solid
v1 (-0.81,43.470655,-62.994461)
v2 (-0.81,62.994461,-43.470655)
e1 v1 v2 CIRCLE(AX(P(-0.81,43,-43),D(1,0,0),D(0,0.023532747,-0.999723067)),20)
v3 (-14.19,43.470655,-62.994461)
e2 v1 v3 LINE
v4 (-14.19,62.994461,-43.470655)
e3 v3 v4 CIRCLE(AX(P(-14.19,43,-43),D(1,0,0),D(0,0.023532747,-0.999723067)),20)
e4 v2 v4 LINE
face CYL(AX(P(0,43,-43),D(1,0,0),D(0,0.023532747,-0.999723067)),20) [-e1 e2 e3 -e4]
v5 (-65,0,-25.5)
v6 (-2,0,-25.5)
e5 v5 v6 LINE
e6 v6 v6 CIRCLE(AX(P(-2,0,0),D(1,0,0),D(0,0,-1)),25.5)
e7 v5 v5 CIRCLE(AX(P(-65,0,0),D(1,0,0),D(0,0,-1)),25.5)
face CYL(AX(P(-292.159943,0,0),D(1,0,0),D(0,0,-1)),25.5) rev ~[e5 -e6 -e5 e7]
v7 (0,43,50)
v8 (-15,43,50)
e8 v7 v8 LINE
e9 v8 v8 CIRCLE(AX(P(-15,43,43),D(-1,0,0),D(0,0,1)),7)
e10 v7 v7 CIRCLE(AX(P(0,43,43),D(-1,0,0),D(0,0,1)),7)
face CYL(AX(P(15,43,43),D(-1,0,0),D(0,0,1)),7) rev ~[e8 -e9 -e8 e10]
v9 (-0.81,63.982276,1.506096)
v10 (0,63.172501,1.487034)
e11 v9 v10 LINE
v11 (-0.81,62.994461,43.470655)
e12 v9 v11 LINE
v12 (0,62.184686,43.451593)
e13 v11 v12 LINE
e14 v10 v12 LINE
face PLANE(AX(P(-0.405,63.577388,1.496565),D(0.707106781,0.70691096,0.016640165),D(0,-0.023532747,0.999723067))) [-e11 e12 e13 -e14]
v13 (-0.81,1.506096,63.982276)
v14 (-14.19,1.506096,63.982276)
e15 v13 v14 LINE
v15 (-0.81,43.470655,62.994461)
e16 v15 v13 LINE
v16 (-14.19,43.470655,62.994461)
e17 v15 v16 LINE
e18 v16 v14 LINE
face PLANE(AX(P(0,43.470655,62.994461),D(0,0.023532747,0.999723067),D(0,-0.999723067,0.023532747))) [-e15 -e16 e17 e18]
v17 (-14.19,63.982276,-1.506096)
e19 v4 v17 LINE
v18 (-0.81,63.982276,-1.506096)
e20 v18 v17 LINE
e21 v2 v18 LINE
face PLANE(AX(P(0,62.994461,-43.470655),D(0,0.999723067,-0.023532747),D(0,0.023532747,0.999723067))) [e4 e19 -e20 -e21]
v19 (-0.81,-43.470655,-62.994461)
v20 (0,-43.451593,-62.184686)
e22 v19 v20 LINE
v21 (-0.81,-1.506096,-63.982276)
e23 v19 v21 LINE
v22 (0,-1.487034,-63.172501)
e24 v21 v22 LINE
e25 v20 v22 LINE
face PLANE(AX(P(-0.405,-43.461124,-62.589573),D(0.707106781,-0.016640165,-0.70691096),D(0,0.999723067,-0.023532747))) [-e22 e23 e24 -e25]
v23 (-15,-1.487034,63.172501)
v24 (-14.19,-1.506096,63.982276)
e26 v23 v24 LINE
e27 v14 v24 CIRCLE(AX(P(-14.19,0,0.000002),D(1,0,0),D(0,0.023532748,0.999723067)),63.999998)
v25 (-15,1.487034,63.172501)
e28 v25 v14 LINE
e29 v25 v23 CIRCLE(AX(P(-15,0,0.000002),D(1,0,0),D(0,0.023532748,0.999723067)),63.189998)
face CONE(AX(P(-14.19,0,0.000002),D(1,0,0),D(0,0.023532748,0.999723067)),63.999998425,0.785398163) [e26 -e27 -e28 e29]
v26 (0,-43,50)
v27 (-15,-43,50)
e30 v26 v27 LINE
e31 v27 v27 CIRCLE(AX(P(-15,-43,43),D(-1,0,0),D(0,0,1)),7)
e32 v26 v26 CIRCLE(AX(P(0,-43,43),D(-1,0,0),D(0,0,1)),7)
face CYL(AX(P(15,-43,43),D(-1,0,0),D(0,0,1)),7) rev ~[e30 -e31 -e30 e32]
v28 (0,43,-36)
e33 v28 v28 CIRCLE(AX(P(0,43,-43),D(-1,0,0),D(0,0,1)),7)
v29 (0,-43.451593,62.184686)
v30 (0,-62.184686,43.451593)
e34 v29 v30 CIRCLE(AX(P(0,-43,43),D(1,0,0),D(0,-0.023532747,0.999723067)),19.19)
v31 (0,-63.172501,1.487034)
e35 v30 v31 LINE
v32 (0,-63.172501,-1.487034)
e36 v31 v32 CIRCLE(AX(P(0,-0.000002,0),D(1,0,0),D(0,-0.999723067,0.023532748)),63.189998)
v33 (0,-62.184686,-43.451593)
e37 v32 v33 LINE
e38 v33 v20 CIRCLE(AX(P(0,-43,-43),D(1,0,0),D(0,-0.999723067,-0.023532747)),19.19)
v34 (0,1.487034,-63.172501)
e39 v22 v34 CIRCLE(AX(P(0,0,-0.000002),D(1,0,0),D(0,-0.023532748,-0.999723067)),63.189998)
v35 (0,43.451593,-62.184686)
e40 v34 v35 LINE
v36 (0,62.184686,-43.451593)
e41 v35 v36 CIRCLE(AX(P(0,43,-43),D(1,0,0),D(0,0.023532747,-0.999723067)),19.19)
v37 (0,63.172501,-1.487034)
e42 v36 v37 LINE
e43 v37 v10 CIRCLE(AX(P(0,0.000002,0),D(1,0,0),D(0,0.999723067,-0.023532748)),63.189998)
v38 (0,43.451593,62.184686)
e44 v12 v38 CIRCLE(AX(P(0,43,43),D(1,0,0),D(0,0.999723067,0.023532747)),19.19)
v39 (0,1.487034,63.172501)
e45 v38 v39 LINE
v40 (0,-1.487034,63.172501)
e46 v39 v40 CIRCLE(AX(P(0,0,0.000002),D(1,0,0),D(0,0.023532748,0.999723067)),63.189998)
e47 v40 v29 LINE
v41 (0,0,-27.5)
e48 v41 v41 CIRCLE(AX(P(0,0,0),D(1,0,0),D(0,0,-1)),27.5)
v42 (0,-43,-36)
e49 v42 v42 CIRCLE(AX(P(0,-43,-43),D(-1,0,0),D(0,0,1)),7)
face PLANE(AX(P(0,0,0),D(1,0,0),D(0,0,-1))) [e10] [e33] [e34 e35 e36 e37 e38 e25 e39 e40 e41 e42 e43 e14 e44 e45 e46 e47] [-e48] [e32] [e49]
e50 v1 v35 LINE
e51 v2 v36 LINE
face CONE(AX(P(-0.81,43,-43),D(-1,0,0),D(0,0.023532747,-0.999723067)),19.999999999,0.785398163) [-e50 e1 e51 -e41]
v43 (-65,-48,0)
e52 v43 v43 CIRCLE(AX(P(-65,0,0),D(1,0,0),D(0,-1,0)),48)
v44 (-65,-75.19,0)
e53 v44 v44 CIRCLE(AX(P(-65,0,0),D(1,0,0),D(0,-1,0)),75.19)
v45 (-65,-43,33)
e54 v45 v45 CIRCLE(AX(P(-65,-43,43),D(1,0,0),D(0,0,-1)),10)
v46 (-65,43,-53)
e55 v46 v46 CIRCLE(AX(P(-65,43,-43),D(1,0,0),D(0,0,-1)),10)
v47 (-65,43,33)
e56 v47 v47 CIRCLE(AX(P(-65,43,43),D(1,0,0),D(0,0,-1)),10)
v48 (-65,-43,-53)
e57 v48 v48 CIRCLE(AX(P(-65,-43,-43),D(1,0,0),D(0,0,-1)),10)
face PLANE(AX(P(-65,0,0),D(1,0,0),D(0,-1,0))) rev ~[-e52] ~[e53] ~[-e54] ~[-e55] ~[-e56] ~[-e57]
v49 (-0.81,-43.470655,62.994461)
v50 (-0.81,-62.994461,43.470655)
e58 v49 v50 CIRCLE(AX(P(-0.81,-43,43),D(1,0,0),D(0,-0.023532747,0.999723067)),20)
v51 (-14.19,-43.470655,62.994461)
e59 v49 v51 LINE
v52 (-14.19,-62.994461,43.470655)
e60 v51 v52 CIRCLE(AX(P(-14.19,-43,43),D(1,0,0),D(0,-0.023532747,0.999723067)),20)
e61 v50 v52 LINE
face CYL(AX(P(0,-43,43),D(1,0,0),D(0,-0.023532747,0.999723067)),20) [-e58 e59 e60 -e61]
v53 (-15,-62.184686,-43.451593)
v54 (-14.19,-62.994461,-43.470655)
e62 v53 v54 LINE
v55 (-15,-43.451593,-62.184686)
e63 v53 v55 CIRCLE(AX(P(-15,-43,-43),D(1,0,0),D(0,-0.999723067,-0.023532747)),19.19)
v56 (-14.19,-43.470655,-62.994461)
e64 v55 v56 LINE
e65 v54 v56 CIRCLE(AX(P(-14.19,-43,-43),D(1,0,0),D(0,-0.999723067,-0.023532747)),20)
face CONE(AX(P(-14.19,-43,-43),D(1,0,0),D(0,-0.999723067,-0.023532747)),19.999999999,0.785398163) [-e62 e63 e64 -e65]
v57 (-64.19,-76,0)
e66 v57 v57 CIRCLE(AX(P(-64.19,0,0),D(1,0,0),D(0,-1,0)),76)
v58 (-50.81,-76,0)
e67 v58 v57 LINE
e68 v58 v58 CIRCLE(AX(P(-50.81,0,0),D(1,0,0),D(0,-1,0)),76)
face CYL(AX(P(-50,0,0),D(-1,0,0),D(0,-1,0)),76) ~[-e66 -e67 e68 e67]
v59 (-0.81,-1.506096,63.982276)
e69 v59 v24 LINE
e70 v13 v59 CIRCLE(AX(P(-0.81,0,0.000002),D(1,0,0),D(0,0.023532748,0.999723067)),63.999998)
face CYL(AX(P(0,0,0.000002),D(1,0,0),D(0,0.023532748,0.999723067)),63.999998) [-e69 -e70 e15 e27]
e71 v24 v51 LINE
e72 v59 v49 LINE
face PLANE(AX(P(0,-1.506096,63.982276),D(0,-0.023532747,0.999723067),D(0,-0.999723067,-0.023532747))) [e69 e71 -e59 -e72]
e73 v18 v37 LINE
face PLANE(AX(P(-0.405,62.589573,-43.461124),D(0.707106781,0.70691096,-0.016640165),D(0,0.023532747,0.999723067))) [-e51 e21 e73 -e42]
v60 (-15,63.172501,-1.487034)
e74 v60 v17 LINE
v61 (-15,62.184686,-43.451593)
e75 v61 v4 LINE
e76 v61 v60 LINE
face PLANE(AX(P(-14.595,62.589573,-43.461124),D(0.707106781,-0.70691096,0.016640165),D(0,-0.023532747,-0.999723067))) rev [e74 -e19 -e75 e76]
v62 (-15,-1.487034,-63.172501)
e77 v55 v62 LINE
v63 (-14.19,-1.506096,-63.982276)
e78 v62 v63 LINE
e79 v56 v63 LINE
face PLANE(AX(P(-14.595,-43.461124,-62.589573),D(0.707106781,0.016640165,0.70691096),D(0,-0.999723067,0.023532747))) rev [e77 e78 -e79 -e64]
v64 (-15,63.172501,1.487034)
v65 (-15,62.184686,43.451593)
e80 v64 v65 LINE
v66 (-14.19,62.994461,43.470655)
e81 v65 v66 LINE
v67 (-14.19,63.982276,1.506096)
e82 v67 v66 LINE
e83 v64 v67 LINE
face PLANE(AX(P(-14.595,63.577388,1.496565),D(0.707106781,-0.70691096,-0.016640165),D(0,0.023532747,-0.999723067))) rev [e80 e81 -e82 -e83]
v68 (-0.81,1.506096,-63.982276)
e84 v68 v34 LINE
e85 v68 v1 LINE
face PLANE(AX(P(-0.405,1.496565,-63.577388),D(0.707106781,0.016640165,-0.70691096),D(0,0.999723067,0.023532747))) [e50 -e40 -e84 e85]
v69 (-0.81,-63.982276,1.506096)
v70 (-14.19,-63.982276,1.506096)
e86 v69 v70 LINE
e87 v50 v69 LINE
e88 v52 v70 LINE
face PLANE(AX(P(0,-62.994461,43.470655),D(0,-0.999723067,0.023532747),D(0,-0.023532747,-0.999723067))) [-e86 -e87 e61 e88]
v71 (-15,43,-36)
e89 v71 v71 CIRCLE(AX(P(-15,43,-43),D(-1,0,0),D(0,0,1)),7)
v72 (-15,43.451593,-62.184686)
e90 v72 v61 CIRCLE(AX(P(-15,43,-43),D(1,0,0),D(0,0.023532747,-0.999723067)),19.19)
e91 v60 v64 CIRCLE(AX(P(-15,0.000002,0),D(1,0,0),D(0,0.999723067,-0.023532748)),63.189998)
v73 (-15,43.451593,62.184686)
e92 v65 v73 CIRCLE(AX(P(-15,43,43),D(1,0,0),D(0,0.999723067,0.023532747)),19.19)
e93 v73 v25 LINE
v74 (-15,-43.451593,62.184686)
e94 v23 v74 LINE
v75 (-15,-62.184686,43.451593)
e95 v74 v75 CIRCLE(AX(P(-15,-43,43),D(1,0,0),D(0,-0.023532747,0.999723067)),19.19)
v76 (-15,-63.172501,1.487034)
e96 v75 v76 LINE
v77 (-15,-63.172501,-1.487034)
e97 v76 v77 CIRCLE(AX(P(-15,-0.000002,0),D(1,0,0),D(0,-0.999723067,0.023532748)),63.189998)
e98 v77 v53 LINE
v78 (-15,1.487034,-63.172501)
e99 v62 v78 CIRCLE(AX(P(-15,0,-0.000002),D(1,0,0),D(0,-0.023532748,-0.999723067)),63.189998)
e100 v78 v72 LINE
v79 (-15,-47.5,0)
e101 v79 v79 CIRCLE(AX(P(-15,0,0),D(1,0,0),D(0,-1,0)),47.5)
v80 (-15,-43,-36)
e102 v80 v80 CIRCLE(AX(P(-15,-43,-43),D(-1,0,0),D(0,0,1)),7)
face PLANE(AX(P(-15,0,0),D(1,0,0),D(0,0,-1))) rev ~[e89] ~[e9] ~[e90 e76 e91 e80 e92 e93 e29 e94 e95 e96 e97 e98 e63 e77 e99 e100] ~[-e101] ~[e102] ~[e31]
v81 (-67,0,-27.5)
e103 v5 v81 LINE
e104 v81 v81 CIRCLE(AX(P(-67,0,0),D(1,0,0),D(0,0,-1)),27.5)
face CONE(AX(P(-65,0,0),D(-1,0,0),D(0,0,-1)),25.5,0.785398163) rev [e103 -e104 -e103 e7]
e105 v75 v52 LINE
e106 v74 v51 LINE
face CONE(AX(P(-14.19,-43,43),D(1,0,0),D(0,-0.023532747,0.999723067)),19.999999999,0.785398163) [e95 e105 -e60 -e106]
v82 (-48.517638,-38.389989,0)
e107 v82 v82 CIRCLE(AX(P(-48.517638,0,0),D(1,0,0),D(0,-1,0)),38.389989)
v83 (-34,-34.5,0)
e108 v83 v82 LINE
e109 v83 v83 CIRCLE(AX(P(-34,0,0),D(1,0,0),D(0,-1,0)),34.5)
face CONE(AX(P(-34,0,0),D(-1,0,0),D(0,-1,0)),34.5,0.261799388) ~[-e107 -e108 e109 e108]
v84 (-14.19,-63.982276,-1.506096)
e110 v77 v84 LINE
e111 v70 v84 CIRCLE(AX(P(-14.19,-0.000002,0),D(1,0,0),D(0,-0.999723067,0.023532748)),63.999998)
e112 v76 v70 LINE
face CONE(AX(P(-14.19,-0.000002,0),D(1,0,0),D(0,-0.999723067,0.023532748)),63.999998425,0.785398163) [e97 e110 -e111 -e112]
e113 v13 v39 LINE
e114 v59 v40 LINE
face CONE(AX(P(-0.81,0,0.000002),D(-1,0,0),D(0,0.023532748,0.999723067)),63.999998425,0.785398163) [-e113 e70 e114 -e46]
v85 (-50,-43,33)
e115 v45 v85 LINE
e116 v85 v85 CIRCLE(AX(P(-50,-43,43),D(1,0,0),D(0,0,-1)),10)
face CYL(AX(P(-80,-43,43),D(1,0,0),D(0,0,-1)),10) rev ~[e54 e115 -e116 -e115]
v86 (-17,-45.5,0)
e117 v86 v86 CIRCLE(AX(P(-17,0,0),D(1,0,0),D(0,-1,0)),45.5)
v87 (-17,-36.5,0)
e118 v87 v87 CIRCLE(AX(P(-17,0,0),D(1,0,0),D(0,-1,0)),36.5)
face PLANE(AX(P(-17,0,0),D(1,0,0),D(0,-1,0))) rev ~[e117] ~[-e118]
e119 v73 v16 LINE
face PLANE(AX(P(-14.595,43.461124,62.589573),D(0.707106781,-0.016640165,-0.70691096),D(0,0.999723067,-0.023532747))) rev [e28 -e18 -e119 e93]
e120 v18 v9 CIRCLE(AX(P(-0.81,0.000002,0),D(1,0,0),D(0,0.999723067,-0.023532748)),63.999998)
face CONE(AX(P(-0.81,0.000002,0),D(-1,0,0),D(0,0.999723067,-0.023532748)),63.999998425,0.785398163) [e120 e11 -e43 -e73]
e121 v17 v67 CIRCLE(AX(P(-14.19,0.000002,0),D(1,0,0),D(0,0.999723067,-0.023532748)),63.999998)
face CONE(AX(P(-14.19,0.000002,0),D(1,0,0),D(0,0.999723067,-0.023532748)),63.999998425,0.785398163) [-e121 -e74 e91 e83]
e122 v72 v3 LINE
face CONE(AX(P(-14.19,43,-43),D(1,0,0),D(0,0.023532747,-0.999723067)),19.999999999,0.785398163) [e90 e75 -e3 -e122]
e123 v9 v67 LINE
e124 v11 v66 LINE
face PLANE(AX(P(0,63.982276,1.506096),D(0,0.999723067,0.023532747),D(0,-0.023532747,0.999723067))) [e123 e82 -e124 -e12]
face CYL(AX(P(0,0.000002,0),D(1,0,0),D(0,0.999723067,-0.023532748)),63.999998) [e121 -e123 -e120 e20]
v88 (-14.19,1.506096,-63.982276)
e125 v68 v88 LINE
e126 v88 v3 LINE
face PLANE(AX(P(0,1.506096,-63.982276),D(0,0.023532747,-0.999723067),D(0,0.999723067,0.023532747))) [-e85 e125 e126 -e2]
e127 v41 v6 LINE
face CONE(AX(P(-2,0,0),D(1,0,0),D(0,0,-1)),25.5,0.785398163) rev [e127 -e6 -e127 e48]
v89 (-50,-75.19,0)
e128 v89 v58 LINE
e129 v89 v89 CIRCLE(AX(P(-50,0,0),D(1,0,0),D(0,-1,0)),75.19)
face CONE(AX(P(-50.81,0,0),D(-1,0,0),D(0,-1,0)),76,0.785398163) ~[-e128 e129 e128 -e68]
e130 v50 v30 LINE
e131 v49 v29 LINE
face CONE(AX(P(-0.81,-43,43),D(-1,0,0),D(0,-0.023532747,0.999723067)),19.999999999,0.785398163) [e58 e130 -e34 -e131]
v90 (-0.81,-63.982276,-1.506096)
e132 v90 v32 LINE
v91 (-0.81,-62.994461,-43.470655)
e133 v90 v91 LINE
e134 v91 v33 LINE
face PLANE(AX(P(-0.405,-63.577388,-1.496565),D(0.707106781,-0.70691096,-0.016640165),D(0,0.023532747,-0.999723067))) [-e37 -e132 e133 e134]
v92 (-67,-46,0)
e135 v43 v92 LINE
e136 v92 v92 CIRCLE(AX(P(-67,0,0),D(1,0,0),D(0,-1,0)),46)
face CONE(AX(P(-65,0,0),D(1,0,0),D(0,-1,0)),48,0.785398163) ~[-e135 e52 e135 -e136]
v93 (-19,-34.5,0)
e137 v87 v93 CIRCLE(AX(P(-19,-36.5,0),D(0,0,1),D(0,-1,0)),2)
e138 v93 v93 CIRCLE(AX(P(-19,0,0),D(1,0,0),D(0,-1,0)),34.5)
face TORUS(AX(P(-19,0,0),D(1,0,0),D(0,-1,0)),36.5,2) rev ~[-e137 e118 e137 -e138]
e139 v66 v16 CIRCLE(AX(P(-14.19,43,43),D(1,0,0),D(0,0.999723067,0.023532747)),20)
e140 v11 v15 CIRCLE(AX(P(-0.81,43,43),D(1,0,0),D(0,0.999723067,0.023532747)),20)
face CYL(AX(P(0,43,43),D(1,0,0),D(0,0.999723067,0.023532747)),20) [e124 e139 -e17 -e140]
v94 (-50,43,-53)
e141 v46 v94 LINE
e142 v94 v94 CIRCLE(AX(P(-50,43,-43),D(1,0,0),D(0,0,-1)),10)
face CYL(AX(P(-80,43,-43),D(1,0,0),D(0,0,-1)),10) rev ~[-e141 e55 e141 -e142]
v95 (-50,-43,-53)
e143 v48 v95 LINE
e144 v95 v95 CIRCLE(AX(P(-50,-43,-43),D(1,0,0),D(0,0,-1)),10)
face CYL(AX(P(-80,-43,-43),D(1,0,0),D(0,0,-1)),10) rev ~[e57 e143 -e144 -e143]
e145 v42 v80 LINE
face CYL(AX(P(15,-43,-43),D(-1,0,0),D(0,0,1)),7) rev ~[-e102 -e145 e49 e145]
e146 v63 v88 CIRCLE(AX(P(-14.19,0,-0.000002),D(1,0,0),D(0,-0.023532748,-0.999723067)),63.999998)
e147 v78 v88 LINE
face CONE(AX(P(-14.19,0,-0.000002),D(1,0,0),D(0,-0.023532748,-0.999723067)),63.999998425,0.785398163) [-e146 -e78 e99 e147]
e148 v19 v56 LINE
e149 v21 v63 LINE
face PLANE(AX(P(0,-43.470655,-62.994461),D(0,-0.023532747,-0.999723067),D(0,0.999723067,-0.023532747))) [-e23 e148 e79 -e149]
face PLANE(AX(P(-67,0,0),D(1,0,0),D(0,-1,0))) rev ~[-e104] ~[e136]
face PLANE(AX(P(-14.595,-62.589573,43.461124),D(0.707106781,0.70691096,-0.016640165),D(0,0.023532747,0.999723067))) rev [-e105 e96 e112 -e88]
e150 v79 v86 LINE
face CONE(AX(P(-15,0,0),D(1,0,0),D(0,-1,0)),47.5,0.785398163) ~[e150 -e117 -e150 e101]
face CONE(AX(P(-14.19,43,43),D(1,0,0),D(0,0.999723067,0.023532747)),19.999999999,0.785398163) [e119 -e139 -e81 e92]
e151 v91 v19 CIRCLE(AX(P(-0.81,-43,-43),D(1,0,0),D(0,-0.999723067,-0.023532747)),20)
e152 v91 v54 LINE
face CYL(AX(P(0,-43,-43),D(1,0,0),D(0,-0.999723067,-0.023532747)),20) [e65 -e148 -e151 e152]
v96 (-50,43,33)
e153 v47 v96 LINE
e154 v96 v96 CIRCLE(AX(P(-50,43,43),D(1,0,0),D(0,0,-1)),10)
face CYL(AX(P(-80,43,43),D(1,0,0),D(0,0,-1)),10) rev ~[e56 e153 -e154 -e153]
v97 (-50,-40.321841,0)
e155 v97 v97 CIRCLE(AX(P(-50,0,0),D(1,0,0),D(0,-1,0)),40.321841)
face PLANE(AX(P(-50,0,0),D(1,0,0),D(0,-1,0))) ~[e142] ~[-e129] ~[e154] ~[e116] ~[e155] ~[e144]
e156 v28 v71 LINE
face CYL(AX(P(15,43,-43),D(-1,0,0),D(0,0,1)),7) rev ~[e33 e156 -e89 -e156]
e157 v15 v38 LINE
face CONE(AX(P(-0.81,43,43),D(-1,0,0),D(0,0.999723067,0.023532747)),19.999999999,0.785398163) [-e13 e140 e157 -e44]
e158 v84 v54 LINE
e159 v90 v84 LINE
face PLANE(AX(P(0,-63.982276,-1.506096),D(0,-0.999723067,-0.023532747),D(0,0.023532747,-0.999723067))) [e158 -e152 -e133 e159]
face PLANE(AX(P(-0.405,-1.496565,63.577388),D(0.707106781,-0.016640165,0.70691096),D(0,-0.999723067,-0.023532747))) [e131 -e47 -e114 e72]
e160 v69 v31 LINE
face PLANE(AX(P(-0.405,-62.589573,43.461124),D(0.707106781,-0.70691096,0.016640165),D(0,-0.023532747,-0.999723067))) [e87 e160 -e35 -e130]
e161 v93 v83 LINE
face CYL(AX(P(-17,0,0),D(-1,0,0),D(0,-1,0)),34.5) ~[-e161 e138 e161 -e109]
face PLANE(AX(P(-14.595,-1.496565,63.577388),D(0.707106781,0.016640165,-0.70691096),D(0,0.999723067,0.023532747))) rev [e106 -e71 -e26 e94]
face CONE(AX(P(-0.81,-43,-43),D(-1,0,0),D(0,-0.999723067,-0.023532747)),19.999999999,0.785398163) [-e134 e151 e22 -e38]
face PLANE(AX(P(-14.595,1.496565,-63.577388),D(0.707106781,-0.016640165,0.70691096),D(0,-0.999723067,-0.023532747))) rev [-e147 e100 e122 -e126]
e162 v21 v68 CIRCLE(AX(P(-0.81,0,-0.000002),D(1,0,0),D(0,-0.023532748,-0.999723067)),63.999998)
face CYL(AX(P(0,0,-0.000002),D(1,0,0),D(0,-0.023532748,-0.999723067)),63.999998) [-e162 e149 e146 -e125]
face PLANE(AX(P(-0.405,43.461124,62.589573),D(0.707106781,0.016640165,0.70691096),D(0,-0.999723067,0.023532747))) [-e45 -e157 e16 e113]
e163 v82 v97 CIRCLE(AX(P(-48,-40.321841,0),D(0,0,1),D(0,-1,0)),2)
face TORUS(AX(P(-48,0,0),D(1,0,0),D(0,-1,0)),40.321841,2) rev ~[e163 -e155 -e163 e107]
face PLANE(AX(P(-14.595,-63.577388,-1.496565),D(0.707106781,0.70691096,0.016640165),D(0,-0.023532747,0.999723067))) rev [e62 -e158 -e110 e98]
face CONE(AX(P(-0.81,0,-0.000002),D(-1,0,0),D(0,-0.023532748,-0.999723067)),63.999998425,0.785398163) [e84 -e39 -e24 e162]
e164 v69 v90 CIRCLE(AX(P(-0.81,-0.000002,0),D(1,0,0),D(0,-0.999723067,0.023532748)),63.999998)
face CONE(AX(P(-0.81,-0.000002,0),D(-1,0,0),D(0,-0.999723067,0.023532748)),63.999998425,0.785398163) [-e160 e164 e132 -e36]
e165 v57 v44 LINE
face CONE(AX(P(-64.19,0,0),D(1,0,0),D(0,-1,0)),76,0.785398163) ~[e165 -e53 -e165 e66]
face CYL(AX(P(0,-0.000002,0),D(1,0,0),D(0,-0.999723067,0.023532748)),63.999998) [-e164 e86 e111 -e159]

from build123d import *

# Parameters (mm, degrees)
BOSS_EXTRUDE1_DEPTH = 15
HOLE1_D             = 51
HOLE2_D             = 14
HOLE2_DEPTH         = 15
HOLE3_D             = 20
HOLE3_DEPTH         = 15
FILLET1_R           = 2
CHAMFER1_SIZE       = 0.81
CHAMFER2_SIZE       = 2


with BuildPart() as part:
    # Sketch1 → Boss-Extrude1 (new body)
    with BuildSketch(Plane(origin=(0, 0, 0), x_dir=(0, 0, -1), z_dir=(1, 0, 0))):
        with BuildLine():
            Line((-62.994461331, 43.470654948), (-63.982276259, 1.506095834))
            ThreePointArc((-63.982276259, 1.506095834), (-64, 0), (-63.982276259, -1.506095834))
            Line((-63.982276259, -1.506095834), (-62.994461331, -43.470654948))
            ThreePointArc((-62.994461331, -43.470654948), (-57.142135624, -57.142135624), (-43.470654948, -62.994461331))
            Line((-43.470654948, -62.994461331), (-1.506095834, -63.982276259))
            ThreePointArc((-1.506095834, -63.982276259), (0, -64), (1.506095834, -63.982276259))
            Line((1.506095834, -63.982276259), (43.470654948, -62.994461331))
            ThreePointArc((43.470654948, -62.994461331), (57.142135624, -57.142135624), (62.994461331, -43.470654948))
            Line((62.994461331, -43.470654948), (63.982276259, -1.506095834))
            ThreePointArc((63.982276259, -1.506095834), (64, 0), (63.982276259, 1.506095834))
            Line((63.982276259, 1.506095834), (62.994461331, 43.470654948))
            ThreePointArc((62.994461331, 43.470654948), (57.142135624, 57.142135624), (43.470654948, 62.994461331))
            Line((43.470654948, 62.994461331), (1.506095834, 63.982276259))
            ThreePointArc((1.506095834, 63.982276259), (0, 64), (-1.506095834, 63.982276259))
            Line((-1.506095834, 63.982276259), (-43.470654948, 62.994461331))
            ThreePointArc((-43.470654948, 62.994461331), (-57.142135624, 57.142135624), (-62.994461331, 43.470654948))
        make_face()
    extrude(amount=-BOSS_EXTRUDE1_DEPTH)

    # Sketch2 → Revolve1 (revolve)
    with BuildSketch(Plane.XY, mode=Mode.PRIVATE) as revolve1_sk:
        Polygon((-15, 47.5), (-17, 45.5), (-17, 34.5), (-34, 34.5), (-50, 38.787187079), (-50, 76), (-65, 76), (-65, 48), (-67, 46), (-67, 0), (-15, 0), align=None)
    revolve(revolve1_sk.sketch.rotate(Axis((-67, 0, 0), (1, 0, 0)), 180), axis=Axis((-67, 0, 0), (1, 0, 0)))

    # Hole1 (through all)
    with Locations(Plane.ZY.offset(67)):
        with Locations((0, 0)):
            Hole(HOLE1_D / 2)

    # Hole2
    with Locations(Plane(origin=(0, 0, 0), x_dir=(0, 0, -1), z_dir=(1, 0, 0))):
        with Locations((43, 43), (43, -43), (-43, -43), (-43, 43)):
            Hole(HOLE2_D / 2, depth=HOLE2_DEPTH)

    # Hole3
    with Locations(Plane.ZY.offset(65)):
        with Locations((43, 43), (-43, 43), (-43, -43), (43, -43)):
            Hole(HOLE3_D / 2, depth=HOLE3_DEPTH)

    # Fillet1
    fillet1_edges = [part.edges().sort_by_distance(p)[0] for p in [
        (-17, 34.5, 0),
        (-50, 38.787187079, 0),
    ]]
    fillet(fillet1_edges, radius=FILLET1_R)

    # Chamfer1
    chamfer1_edges = [part.edges().sort_by_distance(p)[0] for p in [
        (-15, 0, -64),
        (0, -63.488368795, -22.488375391),
        (0, -64, 0),
        (0, -63.488368795, 22.488375391),
        (-15, 22.488375391, -63.488368795),
        (0, -57.142135624, 57.142135624),
        (0, -22.488375391, 63.488368795),
        (0, 0, 64),
        (0, 22.488375391, 63.488368795),
        (0, 57.142135624, 57.142135624),
        (0, 63.488368795, 22.488375391),
        (0, 64, 0),
        (0, 63.488368795, -22.488375391),
        (0, 57.142135624, -57.142135624),
        (0, 22.488375391, -63.488368795),
        (-15, 57.142135624, -57.142135624),
        (0, 0, -64),
        (0, -22.488375391, -63.488368795),
        (0, -57.142135624, -57.142135624),
        (-15, 63.488368795, -22.488375391),
        (-15, 64, 0),
        (-15, 63.488368795, 22.488375391),
        (-15, 57.142135624, 57.142135624),
        (-15, 22.488375391, 63.488368795),
        (-15, 0, 64),
        (-50, 76, 0),
        (-65, 76, 0),
        (-15, -22.488375391, 63.488368795),
        (-15, -57.142135624, -57.142135624),
        (-15, -57.142135624, 57.142135624),
        (-15, -63.488368795, 22.488375391),
        (-15, -64, 0),
        (-15, -63.488368795, -22.488375391),
        (-15, -22.488375391, -63.488368795),
    ]]
    chamfer(chamfer1_edges, length=CHAMFER1_SIZE)

    # Chamfer2
    chamfer2_edges = [part.edges().sort_by_distance(p)[0] for p in [
        (-67, 0, 25.5),
        (0, 0, 25.5),
    ]]
    chamfer(chamfer2_edges, length=CHAMFER2_SIZE)


solid = part.part
